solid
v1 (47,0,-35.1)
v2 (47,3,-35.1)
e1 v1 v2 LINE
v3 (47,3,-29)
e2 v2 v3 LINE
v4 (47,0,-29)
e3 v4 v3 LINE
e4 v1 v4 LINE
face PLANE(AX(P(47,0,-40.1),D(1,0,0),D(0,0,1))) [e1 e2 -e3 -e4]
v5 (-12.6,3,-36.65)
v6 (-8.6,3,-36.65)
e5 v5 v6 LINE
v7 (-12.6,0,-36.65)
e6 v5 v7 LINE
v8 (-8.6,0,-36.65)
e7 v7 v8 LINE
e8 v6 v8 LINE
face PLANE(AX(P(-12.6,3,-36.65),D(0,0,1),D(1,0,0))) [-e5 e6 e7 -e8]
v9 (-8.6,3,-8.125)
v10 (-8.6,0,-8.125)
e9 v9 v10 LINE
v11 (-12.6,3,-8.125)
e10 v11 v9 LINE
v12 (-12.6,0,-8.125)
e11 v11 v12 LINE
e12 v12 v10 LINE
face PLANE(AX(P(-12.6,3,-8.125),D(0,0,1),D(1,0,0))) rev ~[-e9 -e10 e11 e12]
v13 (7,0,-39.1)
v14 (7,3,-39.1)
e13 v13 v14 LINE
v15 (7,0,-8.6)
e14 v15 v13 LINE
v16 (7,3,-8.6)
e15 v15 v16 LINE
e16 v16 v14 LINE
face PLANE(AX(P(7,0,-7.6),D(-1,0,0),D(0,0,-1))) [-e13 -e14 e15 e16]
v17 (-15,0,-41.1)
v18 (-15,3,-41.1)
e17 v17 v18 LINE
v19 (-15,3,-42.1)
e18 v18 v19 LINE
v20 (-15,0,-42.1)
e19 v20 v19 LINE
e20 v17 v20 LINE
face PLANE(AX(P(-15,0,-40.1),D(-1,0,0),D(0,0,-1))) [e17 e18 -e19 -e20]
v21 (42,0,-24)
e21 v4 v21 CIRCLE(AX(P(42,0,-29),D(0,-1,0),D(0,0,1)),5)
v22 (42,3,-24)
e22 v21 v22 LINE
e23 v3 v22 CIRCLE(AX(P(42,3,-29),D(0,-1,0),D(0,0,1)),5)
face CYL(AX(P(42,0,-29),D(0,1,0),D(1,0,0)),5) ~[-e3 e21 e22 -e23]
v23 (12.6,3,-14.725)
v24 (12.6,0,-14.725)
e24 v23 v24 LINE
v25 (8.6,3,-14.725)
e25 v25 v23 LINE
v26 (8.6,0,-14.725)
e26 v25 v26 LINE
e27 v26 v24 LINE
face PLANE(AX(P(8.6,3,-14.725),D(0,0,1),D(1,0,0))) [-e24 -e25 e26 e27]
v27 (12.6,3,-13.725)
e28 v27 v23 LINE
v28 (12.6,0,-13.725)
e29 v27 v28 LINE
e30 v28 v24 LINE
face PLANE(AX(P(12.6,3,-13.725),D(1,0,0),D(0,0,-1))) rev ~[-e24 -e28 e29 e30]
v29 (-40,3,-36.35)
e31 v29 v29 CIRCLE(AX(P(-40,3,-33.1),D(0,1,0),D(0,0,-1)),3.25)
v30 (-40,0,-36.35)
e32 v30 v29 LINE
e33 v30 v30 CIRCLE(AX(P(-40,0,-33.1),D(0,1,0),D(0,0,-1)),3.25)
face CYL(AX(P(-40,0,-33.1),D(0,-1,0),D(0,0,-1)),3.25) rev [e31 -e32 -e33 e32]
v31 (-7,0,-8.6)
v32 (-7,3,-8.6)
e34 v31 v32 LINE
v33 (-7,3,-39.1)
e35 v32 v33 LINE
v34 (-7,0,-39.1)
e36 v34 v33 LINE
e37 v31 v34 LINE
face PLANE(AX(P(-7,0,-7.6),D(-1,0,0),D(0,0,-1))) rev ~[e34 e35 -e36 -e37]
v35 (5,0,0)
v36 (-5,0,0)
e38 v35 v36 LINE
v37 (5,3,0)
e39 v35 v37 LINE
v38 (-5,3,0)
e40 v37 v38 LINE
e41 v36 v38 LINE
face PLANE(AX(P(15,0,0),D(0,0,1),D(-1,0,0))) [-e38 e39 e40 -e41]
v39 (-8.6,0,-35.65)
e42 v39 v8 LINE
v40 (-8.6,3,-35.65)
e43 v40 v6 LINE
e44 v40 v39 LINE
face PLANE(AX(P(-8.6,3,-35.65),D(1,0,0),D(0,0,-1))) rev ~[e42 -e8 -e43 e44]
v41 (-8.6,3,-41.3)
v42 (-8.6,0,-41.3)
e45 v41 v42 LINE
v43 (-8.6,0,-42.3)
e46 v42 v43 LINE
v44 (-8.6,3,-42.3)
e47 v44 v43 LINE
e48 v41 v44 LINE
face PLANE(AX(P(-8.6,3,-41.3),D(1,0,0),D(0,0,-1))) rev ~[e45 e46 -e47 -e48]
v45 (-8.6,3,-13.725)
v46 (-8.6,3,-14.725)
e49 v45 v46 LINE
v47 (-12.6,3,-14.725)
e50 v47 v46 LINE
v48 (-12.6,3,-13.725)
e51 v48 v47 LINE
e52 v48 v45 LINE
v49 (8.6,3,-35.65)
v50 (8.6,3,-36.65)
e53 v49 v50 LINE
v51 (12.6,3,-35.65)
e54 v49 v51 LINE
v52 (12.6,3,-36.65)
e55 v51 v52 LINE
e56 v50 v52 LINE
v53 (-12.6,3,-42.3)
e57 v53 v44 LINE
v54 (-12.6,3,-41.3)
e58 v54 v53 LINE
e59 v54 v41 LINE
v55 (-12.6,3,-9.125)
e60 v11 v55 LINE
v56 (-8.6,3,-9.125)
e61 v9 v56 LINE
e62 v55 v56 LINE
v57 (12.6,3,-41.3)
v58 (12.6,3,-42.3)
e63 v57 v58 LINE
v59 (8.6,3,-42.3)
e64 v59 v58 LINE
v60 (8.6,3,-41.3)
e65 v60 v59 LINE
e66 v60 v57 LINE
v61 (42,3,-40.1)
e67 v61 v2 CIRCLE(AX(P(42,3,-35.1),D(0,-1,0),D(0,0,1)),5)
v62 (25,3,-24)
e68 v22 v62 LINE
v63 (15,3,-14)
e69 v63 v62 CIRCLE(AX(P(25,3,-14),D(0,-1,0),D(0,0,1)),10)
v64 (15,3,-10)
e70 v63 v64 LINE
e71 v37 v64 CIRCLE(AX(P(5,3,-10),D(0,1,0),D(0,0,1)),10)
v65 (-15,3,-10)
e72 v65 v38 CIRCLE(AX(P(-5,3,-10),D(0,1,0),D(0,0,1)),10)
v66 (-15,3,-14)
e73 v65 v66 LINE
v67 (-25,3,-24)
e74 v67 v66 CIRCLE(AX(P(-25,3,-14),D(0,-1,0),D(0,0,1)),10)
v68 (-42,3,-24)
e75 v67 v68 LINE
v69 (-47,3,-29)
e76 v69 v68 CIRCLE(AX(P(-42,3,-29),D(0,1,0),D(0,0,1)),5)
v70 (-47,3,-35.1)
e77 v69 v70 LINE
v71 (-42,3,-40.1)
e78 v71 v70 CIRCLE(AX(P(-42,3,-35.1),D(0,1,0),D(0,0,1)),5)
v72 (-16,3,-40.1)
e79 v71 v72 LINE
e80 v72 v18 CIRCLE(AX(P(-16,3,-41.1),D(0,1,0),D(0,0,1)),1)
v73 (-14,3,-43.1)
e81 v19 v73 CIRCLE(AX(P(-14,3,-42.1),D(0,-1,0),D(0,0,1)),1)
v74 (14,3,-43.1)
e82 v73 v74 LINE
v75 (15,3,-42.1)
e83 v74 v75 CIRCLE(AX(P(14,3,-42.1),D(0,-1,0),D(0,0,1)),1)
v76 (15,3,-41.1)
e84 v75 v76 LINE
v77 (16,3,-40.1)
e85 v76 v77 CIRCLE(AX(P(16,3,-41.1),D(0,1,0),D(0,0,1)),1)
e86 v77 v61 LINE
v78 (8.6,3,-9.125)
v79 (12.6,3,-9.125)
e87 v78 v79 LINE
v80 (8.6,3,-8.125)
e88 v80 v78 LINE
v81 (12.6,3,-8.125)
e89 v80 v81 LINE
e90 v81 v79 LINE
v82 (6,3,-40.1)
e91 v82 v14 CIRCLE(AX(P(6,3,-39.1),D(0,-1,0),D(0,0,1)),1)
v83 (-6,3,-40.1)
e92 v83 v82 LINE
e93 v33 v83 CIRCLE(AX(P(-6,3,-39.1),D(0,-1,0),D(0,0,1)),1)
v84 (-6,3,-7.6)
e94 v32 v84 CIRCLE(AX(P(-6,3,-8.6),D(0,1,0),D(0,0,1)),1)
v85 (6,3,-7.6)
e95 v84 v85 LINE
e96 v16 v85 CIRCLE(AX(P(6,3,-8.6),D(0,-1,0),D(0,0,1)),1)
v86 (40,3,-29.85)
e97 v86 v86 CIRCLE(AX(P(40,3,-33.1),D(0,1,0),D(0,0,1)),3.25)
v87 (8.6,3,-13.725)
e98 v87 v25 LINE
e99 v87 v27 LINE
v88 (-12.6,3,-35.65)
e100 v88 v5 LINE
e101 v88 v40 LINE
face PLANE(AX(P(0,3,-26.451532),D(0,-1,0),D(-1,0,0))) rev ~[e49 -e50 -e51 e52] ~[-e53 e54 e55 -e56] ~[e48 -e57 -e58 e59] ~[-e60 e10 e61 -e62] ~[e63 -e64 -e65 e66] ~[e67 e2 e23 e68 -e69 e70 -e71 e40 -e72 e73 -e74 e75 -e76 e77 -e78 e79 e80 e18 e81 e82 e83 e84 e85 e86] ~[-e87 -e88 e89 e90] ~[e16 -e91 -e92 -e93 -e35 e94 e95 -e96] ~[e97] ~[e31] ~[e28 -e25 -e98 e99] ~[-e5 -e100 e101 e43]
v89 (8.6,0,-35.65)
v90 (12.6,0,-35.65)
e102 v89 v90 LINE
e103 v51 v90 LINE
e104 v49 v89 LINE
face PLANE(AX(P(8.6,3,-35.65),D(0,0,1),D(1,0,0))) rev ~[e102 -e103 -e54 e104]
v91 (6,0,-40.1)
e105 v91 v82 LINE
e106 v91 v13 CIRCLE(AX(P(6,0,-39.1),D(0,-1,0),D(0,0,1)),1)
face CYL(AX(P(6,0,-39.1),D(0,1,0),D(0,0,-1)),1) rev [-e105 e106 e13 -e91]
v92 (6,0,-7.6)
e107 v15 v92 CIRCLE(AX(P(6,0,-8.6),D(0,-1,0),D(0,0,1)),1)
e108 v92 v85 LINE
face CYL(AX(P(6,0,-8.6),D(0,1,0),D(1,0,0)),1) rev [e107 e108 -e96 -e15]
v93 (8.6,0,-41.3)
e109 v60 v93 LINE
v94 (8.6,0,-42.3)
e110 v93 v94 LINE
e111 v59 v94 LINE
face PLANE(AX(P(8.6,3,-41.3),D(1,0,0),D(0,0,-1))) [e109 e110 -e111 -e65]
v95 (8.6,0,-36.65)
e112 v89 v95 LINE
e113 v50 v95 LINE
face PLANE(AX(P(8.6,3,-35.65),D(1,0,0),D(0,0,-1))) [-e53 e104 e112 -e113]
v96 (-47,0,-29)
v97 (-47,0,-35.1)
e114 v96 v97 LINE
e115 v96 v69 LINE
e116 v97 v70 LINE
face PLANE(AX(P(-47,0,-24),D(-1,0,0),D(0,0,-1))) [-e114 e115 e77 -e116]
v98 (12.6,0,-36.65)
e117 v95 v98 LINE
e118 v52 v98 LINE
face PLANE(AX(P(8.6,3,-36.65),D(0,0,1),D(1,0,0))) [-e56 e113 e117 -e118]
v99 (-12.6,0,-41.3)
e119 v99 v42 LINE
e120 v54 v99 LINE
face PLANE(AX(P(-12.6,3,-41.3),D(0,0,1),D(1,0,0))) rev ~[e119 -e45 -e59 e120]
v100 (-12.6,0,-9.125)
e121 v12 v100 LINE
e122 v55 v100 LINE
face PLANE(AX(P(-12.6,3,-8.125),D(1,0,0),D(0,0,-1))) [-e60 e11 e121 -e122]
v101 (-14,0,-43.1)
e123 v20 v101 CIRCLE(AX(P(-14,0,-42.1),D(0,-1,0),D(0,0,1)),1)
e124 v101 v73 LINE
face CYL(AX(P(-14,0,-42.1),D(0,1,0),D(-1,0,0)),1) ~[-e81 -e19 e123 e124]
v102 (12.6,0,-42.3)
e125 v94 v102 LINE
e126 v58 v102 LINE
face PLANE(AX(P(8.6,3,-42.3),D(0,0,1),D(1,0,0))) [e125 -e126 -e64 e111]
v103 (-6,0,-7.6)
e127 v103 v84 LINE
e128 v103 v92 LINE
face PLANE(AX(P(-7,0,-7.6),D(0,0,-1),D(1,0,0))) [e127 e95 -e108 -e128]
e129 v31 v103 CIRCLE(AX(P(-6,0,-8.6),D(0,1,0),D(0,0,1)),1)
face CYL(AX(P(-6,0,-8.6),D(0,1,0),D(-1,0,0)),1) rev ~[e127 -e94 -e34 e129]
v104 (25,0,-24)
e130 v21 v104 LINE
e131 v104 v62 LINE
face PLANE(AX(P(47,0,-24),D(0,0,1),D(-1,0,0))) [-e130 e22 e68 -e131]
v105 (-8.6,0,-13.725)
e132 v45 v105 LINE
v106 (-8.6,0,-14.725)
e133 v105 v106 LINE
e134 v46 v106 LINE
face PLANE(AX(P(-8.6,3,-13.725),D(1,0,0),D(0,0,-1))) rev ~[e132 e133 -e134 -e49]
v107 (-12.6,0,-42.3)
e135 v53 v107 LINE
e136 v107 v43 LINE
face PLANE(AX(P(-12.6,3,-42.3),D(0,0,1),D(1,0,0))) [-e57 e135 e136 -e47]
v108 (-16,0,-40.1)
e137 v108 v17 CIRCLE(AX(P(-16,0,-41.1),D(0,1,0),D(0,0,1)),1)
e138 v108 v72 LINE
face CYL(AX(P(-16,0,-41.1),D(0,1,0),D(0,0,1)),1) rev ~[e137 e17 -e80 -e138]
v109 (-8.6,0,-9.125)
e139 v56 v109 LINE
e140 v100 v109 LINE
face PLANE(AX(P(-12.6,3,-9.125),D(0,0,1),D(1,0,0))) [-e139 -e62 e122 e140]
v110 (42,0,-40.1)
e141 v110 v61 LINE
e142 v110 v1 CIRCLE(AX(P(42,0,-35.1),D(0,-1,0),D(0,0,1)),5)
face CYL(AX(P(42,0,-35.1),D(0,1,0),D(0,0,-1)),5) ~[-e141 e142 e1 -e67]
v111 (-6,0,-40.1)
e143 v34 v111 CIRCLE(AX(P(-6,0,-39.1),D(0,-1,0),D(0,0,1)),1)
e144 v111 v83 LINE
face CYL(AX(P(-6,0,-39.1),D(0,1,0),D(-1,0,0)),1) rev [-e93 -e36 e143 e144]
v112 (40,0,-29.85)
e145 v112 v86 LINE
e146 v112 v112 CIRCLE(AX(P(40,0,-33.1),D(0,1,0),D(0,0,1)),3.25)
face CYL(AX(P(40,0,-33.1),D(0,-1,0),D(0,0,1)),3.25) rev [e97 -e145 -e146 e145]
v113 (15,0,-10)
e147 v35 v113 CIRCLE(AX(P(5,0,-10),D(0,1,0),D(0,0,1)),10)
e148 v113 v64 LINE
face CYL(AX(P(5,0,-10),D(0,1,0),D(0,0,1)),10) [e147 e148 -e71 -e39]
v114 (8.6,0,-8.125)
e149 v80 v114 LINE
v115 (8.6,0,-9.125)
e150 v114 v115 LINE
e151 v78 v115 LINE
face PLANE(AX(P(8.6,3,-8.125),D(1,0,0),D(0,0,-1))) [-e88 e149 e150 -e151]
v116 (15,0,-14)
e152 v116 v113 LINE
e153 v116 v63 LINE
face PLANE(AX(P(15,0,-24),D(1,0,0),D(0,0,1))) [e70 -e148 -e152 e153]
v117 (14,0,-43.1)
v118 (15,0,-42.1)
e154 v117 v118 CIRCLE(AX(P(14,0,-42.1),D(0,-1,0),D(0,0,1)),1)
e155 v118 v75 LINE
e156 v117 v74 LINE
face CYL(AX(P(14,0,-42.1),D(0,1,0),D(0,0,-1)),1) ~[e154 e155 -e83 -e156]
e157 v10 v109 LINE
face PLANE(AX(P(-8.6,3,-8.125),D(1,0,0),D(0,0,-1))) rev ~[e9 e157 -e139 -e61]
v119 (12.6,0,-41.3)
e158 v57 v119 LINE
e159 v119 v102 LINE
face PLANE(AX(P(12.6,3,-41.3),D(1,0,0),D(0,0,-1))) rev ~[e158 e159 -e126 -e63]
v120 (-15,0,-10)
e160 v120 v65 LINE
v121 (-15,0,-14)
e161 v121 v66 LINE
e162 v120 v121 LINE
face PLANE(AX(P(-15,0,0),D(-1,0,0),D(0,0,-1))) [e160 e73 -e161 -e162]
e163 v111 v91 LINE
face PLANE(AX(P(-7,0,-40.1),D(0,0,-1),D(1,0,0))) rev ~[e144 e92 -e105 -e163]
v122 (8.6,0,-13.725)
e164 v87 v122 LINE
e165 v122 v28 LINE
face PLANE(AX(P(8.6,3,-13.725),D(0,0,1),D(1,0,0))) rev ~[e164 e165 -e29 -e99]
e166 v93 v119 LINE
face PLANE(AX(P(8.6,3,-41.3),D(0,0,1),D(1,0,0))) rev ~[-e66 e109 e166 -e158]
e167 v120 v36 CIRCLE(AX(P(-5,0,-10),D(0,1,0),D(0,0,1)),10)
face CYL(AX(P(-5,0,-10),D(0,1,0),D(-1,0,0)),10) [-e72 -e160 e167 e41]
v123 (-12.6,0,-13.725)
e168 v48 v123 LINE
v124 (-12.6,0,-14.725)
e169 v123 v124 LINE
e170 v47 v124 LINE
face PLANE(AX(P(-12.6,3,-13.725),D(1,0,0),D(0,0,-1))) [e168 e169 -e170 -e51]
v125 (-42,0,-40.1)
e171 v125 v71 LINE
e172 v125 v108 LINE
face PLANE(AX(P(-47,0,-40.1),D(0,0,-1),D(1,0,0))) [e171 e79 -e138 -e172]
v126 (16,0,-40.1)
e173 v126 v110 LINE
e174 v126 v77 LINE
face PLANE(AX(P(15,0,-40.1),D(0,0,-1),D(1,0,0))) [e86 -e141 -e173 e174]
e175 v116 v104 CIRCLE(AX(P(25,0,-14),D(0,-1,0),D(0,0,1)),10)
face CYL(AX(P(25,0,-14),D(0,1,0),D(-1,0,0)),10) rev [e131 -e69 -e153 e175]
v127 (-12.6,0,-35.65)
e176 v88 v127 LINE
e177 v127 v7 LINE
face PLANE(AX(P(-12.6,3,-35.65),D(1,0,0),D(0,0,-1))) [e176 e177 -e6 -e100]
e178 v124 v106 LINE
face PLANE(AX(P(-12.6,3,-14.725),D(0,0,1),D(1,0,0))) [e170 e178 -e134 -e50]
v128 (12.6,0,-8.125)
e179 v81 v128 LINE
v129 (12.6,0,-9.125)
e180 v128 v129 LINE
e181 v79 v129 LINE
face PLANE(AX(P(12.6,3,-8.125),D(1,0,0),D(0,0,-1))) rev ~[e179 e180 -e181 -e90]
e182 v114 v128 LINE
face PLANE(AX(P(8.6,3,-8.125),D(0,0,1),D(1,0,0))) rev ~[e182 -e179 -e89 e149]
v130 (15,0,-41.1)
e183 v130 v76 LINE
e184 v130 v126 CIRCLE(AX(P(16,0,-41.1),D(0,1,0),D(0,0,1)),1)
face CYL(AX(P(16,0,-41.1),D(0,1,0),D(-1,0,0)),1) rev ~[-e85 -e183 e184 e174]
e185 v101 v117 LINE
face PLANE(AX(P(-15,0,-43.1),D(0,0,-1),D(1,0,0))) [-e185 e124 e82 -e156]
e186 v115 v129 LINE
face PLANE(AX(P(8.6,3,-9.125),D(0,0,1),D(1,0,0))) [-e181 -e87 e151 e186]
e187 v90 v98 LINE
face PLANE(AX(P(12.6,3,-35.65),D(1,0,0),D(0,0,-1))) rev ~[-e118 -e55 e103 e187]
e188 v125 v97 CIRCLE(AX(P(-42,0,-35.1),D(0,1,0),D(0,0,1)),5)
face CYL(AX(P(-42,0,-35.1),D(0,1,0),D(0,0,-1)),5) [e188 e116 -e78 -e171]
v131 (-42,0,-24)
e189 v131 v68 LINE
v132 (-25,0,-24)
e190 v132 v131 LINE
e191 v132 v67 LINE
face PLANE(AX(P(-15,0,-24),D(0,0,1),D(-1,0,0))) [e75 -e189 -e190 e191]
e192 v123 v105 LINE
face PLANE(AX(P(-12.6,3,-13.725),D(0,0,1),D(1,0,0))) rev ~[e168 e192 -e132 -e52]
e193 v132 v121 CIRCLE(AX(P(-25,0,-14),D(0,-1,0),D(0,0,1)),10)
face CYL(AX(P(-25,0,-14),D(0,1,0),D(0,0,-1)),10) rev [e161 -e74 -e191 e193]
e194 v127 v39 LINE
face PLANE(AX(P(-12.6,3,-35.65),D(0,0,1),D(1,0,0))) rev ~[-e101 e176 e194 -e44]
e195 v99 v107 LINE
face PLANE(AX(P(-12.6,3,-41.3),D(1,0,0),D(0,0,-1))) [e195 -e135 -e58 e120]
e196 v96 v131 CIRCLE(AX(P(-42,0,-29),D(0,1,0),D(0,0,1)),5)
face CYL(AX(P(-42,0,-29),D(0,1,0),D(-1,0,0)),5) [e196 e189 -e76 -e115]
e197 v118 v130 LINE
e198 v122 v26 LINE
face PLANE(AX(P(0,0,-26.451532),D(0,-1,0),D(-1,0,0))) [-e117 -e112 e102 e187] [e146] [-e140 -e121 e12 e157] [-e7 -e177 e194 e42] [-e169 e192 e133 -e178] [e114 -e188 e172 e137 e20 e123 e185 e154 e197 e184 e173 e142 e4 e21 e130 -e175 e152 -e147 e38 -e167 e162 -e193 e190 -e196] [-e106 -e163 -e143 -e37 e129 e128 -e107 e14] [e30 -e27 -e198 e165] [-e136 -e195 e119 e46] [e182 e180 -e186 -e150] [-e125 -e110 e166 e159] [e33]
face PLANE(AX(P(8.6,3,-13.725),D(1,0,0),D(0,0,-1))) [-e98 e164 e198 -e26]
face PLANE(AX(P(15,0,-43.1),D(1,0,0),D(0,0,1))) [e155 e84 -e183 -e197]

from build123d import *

# Parameters (mm, degrees)
SKETCH1_R           = 3.25
SKETCH1_W           = 14
SKETCH1_H           = 32.5
BOSS_EXTRUDE1_DEPTH = 3
FILLET1_R           = 10
FILLET2_R           = 1
FILLET3_R           = 5
CUT_EXTRUDE1_REACH  = 65.841
SKETCH2_W           = 4
SKETCH2_H           = 1


with BuildPart() as part:
    # Sketch1 → Boss-Extrude1 (new body)
    with BuildSketch(Plane(origin=(0, 0, 0), x_dir=(1, 0, 0), z_dir=(0, 1, 0))):
        Polygon((-47, 40.1), (-15, 40.1), (-15, 43.1), (15, 43.1), (15, 40.1), (47, 40.1), (47, 24), (15, 24), (15, 0), (-15, 0), (-15, 24), (-47, 24), align=None)
        with Locations(Location((40, 33.1, 0), (0, 0, 270))):
            Circle(SKETCH1_R, mode=Mode.SUBTRACT)
        with Locations(Location((-40, 33.1, 0), (0, 0, 90))):
            Circle(SKETCH1_R, mode=Mode.SUBTRACT)
        with Locations((0, 23.85)):
            Rectangle(SKETCH1_W, SKETCH1_H, mode=Mode.SUBTRACT)
    extrude(amount=BOSS_EXTRUDE1_DEPTH)

    # Fillet1
    fillet1_edges = [part.edges().sort_by_distance(p)[0] for p in [
        (-15, 1.5, -24),
        (15, 1.5, -24),
        (15, 1.5, 0),
        (-15, 1.5, 0),
    ]]
    fillet(fillet1_edges, radius=FILLET1_R)

    # Fillet2
    fillet2_edges = [part.edges().sort_by_distance(p)[0] for p in [
        (-15, 1.5, -40.1),
        (-15, 1.5, -43.1),
        (15, 1.5, -43.1),
        (15, 1.5, -40.1),
        (-7, 1.5, -40.1),
        (-7, 1.5, -7.6),
        (7, 1.5, -7.6),
        (7, 1.5, -40.1),
    ]]
    fillet(fillet2_edges, radius=FILLET2_R)

    # Fillet3
    fillet3_edges = [part.edges().sort_by_distance(p)[0] for p in [
        (-47, 1.5, -24),
        (-47, 1.5, -40.1),
        (47, 1.5, -40.1),
        (47, 1.5, -24),
    ]]
    fillet(fillet3_edges, radius=FILLET3_R)

    # Sketch2 → Cut-Extrude1 (cut, up to next)
    with BuildSketch(Plane(origin=(0, 3, 0), x_dir=(1, 0, 0), z_dir=(0, 1, 0)), mode=Mode.PRIVATE) as cut_extrude1_sk1:
        with Locations((10.6, 14.225)):
            Rectangle(SKETCH2_W, SKETCH2_H)
    cut_extrude1_tool1 = extrude(cut_extrude1_sk1.sketch, amount=-CUT_EXTRUDE1_REACH, mode=Mode.PRIVATE) & part.part
    # Sketch2 → Cut-Extrude1 (cut, up to next)
    with BuildSketch(Plane(origin=(0, 3, 0), x_dir=(1, 0, 0), z_dir=(0, 1, 0)), mode=Mode.PRIVATE) as cut_extrude1_sk2:
        with Locations((10.6, 41.8)):
            Rectangle(SKETCH2_W, SKETCH2_H)
    cut_extrude1_tool2 = extrude(cut_extrude1_sk2.sketch, amount=-CUT_EXTRUDE1_REACH, mode=Mode.PRIVATE) & part.part
    # Sketch2 → Cut-Extrude1 (cut, up to next)
    with BuildSketch(Plane(origin=(0, 3, 0), x_dir=(1, 0, 0), z_dir=(0, 1, 0)), mode=Mode.PRIVATE) as cut_extrude1_sk3:
        with Locations((-10.6, 41.8)):
            Rectangle(SKETCH2_W, SKETCH2_H)
    cut_extrude1_tool3 = extrude(cut_extrude1_sk3.sketch, amount=-CUT_EXTRUDE1_REACH, mode=Mode.PRIVATE) & part.part
    # Sketch2 → Cut-Extrude1 (cut, up to next)
    with BuildSketch(Plane(origin=(0, 3, 0), x_dir=(1, 0, 0), z_dir=(0, 1, 0)), mode=Mode.PRIVATE) as cut_extrude1_sk4:
        with Locations((-10.6, 36.15)):
            Rectangle(SKETCH2_W, SKETCH2_H)
    cut_extrude1_tool4 = extrude(cut_extrude1_sk4.sketch, amount=-CUT_EXTRUDE1_REACH, mode=Mode.PRIVATE) & part.part
    # Sketch2 → Cut-Extrude1 (cut, up to next)
    with BuildSketch(Plane(origin=(0, 3, 0), x_dir=(1, 0, 0), z_dir=(0, 1, 0)), mode=Mode.PRIVATE) as cut_extrude1_sk5:
        with Locations((10.6, 36.15)):
            Rectangle(SKETCH2_W, SKETCH2_H)
    cut_extrude1_tool5 = extrude(cut_extrude1_sk5.sketch, amount=-CUT_EXTRUDE1_REACH, mode=Mode.PRIVATE) & part.part
    # Sketch2 → Cut-Extrude1 (cut, up to next)
    with BuildSketch(Plane(origin=(0, 3, 0), x_dir=(1, 0, 0), z_dir=(0, 1, 0)), mode=Mode.PRIVATE) as cut_extrude1_sk6:
        with Locations((-10.6, 14.225)):
            Rectangle(SKETCH2_W, SKETCH2_H)
    cut_extrude1_tool6 = extrude(cut_extrude1_sk6.sketch, amount=-CUT_EXTRUDE1_REACH, mode=Mode.PRIVATE) & part.part
    # Sketch2 → Cut-Extrude1 (cut, up to next)
    with BuildSketch(Plane(origin=(0, 3, 0), x_dir=(1, 0, 0), z_dir=(0, 1, 0)), mode=Mode.PRIVATE) as cut_extrude1_sk7:
        with Locations((-10.6, 8.625)):
            Rectangle(SKETCH2_W, SKETCH2_H)
    cut_extrude1_tool7 = extrude(cut_extrude1_sk7.sketch, amount=-CUT_EXTRUDE1_REACH, mode=Mode.PRIVATE) & part.part
    # Sketch2 → Cut-Extrude1 (cut, up to next)
    with BuildSketch(Plane(origin=(0, 3, 0), x_dir=(1, 0, 0), z_dir=(0, 1, 0)), mode=Mode.PRIVATE) as cut_extrude1_sk8:
        with Locations((10.6, 8.625)):
            Rectangle(SKETCH2_W, SKETCH2_H)
    cut_extrude1_tool8 = extrude(cut_extrude1_sk8.sketch, amount=-CUT_EXTRUDE1_REACH, mode=Mode.PRIVATE) & part.part
    add(cut_extrude1_tool1.solids().sort_by_distance((10.6, 3, -14.225))[0], mode=Mode.SUBTRACT)
    add(cut_extrude1_tool2.solids().sort_by_distance((10.6, 3, -41.8))[0], mode=Mode.SUBTRACT)
    add(cut_extrude1_tool3.solids().sort_by_distance((-10.6, 3, -41.8))[0], mode=Mode.SUBTRACT)
    add(cut_extrude1_tool4.solids().sort_by_distance((-10.6, 3, -36.15))[0], mode=Mode.SUBTRACT)
    add(cut_extrude1_tool5.solids().sort_by_distance((10.6, 3, -36.15))[0], mode=Mode.SUBTRACT)
    add(cut_extrude1_tool6.solids().sort_by_distance((-10.6, 3, -14.225))[0], mode=Mode.SUBTRACT)
    add(cut_extrude1_tool7.solids().sort_by_distance((-10.6, 3, -8.625))[0], mode=Mode.SUBTRACT)
    add(cut_extrude1_tool8.solids().sort_by_distance((10.6, 3, -8.625))[0], mode=Mode.SUBTRACT)


solid = part.part
